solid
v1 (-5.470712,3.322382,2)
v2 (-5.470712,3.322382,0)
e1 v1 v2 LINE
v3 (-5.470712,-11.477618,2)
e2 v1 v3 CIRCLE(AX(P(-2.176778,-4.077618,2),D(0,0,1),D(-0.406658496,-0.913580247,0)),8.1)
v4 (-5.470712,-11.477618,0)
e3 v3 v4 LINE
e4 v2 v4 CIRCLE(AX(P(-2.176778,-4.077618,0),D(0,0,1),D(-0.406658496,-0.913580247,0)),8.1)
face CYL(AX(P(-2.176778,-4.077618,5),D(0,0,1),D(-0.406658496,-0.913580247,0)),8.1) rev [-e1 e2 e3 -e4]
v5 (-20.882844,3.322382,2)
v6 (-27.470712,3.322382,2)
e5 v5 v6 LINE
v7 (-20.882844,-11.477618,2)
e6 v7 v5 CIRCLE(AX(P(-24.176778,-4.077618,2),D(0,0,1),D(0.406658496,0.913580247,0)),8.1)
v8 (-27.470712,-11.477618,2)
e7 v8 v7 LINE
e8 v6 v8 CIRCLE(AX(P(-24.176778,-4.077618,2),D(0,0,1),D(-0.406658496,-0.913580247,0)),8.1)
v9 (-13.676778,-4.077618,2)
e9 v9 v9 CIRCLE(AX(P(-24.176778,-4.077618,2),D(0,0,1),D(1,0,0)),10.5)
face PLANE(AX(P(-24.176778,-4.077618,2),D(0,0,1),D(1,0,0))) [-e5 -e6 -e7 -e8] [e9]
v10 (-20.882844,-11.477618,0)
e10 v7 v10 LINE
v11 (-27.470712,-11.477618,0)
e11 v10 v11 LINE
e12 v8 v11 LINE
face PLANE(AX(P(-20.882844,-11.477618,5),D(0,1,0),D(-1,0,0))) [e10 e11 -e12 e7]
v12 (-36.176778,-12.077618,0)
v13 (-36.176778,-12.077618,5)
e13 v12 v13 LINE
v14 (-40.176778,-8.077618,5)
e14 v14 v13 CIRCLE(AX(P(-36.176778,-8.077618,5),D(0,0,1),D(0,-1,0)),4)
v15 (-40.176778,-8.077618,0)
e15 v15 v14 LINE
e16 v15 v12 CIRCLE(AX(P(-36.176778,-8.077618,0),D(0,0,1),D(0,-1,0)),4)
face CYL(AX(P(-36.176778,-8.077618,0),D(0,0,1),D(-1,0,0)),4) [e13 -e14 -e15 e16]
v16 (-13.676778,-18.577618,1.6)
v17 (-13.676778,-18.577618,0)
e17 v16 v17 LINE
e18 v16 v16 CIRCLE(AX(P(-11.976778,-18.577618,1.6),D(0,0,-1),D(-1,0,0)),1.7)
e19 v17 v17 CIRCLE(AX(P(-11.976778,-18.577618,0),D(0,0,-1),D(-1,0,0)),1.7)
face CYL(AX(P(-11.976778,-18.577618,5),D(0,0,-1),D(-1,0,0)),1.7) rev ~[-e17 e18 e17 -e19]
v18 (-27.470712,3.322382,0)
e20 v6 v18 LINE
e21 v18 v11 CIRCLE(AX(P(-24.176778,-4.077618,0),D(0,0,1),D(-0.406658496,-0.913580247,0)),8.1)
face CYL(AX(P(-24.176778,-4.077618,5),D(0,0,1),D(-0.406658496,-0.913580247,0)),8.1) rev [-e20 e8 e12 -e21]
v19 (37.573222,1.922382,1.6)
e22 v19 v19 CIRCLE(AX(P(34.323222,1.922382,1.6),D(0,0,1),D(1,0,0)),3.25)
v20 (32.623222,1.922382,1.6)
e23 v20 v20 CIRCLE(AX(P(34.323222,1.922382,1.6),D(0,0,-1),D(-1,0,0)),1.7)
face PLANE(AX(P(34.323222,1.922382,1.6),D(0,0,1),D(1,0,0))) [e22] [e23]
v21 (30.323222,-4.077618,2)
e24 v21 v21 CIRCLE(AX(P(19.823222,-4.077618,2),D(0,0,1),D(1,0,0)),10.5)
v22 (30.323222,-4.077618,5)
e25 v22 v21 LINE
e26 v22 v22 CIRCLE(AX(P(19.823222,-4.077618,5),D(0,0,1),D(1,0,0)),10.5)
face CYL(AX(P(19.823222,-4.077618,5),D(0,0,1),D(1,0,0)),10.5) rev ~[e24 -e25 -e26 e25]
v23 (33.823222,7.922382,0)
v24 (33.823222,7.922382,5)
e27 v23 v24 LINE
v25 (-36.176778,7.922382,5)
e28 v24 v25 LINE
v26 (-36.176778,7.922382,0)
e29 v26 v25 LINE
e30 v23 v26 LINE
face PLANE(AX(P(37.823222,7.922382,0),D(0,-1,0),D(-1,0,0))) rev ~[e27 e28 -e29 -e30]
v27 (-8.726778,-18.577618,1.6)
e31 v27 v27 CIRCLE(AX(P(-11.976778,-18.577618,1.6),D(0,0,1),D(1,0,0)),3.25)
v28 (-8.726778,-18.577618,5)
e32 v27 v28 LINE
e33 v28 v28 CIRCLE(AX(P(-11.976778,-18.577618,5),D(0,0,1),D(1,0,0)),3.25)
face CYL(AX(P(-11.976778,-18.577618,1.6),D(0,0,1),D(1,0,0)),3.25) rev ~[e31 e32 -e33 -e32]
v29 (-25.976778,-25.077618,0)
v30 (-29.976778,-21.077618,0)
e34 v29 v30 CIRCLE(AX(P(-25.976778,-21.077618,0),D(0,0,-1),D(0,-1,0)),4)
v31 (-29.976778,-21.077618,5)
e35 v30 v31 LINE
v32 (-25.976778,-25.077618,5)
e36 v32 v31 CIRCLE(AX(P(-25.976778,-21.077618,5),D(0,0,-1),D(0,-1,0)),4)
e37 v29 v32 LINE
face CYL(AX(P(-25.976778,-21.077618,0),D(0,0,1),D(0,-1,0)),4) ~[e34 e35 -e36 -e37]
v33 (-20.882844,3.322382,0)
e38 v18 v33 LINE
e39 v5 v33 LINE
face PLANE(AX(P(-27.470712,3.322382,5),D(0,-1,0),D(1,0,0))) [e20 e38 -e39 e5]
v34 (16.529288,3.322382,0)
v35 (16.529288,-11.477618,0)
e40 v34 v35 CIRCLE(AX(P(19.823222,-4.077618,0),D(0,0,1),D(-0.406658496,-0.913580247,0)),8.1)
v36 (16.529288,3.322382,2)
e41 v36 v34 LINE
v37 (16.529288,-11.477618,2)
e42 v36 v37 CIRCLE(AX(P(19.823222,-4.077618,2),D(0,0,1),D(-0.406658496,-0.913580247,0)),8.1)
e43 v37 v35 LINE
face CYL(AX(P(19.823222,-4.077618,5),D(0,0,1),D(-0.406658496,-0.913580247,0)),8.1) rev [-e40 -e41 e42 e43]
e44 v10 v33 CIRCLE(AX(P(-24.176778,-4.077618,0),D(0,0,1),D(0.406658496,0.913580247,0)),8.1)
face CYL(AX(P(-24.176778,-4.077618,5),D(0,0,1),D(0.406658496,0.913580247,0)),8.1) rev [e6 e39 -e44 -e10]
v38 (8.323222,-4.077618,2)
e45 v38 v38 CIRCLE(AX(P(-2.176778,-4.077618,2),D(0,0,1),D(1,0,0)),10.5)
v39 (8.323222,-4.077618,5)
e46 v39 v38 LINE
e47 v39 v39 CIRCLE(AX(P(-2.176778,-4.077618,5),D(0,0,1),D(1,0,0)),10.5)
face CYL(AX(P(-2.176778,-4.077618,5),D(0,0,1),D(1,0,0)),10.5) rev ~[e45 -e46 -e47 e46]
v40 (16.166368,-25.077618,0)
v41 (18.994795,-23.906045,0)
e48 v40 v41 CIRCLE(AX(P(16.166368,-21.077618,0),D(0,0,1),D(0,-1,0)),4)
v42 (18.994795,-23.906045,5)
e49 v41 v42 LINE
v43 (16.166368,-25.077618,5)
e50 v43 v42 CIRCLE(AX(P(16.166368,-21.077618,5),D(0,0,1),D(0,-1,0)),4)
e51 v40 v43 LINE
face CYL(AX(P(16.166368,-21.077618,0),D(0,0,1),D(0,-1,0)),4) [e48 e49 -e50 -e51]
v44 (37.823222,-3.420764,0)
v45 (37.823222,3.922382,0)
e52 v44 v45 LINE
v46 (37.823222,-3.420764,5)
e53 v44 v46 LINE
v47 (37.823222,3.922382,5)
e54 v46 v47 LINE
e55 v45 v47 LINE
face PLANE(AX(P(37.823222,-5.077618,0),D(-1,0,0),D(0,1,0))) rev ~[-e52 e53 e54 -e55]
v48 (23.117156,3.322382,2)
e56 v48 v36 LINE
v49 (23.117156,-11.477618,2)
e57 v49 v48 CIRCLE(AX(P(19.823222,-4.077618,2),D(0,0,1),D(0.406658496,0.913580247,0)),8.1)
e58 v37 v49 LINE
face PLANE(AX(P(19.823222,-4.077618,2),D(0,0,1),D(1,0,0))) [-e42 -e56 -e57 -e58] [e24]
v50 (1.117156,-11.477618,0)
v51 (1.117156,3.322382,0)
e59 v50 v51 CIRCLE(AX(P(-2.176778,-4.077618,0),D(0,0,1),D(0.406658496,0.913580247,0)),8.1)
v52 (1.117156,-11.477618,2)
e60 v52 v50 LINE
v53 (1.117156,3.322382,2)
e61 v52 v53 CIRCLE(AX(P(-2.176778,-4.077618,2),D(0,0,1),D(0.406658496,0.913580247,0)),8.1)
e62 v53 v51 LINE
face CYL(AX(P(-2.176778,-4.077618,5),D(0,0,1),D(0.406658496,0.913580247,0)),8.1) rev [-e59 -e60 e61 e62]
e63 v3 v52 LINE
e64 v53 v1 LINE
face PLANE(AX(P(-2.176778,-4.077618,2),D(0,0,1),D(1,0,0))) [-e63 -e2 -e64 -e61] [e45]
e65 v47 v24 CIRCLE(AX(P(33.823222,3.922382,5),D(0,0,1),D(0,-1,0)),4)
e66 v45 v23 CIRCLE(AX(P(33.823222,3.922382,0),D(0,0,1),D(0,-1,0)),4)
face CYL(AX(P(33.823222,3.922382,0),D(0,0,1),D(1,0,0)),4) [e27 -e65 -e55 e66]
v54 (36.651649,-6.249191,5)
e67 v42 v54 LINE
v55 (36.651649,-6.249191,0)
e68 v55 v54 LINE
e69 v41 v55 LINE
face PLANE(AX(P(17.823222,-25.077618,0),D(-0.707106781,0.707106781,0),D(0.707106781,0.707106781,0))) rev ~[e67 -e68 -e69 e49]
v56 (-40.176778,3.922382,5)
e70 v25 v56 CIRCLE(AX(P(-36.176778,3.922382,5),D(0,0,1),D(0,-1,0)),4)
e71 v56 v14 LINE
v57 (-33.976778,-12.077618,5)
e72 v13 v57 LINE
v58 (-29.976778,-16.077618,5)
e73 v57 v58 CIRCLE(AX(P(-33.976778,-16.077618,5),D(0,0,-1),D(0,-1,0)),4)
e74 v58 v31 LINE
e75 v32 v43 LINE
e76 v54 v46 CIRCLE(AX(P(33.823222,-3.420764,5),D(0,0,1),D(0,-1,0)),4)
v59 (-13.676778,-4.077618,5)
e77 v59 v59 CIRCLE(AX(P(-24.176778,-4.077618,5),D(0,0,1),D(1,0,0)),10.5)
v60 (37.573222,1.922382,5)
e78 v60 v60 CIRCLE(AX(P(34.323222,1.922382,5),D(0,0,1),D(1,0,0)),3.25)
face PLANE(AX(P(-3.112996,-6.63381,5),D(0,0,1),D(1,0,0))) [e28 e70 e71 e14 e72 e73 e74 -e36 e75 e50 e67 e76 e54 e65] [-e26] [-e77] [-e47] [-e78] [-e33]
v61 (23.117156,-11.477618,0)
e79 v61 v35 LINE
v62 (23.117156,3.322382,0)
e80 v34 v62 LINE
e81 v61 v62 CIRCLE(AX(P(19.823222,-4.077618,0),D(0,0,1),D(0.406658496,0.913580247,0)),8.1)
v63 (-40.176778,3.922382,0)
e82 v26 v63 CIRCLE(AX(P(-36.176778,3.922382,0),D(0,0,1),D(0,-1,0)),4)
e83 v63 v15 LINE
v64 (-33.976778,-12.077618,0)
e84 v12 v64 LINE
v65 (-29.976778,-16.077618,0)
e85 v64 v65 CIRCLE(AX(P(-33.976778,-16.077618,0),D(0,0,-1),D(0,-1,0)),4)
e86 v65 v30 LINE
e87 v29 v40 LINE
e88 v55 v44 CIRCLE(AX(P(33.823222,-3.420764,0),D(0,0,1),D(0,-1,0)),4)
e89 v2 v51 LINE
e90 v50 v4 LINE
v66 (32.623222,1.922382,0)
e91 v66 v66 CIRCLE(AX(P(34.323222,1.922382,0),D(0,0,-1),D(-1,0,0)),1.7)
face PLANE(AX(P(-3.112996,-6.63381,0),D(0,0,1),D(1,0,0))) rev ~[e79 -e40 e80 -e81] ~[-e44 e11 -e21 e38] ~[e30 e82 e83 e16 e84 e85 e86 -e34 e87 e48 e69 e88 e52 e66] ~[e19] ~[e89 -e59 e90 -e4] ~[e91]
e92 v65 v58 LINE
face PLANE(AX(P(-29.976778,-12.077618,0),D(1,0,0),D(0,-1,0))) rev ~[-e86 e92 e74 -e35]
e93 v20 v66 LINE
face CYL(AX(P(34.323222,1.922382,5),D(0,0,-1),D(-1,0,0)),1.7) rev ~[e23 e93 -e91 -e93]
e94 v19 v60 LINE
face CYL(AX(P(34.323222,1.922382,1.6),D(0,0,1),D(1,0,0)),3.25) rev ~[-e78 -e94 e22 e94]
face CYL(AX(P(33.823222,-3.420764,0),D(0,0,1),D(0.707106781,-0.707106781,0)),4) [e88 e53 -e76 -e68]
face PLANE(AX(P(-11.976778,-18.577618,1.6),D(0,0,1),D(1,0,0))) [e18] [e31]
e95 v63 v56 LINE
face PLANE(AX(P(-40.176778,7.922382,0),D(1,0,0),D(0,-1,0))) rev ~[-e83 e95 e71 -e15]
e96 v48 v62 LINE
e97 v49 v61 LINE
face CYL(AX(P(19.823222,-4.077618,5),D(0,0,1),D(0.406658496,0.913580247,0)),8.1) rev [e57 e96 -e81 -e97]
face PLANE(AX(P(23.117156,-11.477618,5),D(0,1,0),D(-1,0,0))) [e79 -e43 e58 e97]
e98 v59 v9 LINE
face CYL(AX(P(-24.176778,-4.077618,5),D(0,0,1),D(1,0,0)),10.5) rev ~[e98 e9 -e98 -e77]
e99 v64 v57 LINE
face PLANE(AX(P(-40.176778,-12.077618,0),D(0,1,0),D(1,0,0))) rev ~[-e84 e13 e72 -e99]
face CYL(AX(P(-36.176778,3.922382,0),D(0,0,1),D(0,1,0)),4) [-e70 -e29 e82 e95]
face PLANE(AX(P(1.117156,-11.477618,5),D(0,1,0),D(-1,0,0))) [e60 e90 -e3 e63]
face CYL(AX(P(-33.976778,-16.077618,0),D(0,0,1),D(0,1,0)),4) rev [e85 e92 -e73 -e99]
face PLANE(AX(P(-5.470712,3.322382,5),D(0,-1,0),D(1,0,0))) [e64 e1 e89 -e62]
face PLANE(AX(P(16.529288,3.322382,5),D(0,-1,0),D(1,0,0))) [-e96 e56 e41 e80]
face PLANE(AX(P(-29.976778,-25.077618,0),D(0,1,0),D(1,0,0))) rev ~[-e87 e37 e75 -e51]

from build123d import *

# Parameters (mm, degrees)
BOSS_EXTRU_1_DEPTH                                 = 5
CONG_1_R                                           = 4
ENL_V_MAT_EXTRU_1_DEPTH                            = 10
ESQUISSE5_R                                        = 10.5
ENL_V_MAT_EXTRU_3_DEPTH                            = 3
CHAMBRAGE_POUR_VIS_T_TE_HEXAGONALE_M31_D           = 3.4
CHAMBRAGE_POUR_VIS_T_TE_HEXAGONALE_M31_CBORE_D     = 6.5
CHAMBRAGE_POUR_VIS_T_TE_HEXAGONALE_M31_CBORE_DEPTH = 3.4


with BuildPart() as part:
    # Esquisse1 → Boss.-Extru.1 (new body)
    with BuildSketch(Plane.XY):
        Polygon((-29.976777828, -25.077617952), (17.823222172, -25.077617952), (37.823222172, -5.077617952), (37.823222172, 7.922382048), (-30.176777828, 7.922382048), (-40.176777828, 7.922382048), (-40.176777828, -12.077617952), (-29.976777828, -12.077617952), align=None)
    extrude(amount=BOSS_EXTRU_1_DEPTH)

    # Congé1
    cong_1_edges = [part.edges().sort_by_distance(p)[0] for p in [
        (-29.976777828, -12.077617952, 2.5),
        (-40.176777828, -12.077617952, 2.5),
        (-40.176777828, 7.922382048, 2.5),
        (37.823222172, 7.922382048, 2.5),
        (37.823222172, -5.077617952, 2.5),
        (17.823222172, -25.077617952, 2.5),
        (-29.976777828, -25.077617952, 2.5),
    ]]
    fillet(cong_1_edges, radius=CONG_1_R)

    # Esquisse2 → Enlèv. mat.-Extru.1 (cut)
    with BuildSketch(Plane.XY.offset(5)):
        with BuildLine():
            Line((-5.470711646, 3.322382048), (1.117155991, 3.322382048))
            ThreePointArc((1.117155991, 3.322382048), (5.923222172, -4.077617952), (1.117155991, -11.477617952))
            Line((1.117155991, -11.477617952), (-5.470711646, -11.477617952))
            ThreePointArc((-5.470711646, -11.477617952), (-10.276777828, -4.077617952), (-5.470711646, 3.322382048))
        make_face()
        with BuildLine():
            Line((16.529288354, 3.322382048), (23.117155991, 3.322382048))
            ThreePointArc((23.117155991, 3.322382048), (27.923222172, -4.077617952), (23.117155991, -11.477617952))
            Line((23.117155991, -11.477617952), (16.529288354, -11.477617952))
            ThreePointArc((16.529288354, -11.477617952), (11.723222172, -4.077617952), (16.529288354, 3.322382048))
        make_face()
        with BuildLine():
            Line((-27.470711646, 3.322382048), (-20.882844009, 3.322382048))
            ThreePointArc((-20.882844009, 3.322382048), (-16.076777828, -4.077617952), (-20.882844009, -11.477617952))
            Line((-20.882844009, -11.477617952), (-27.470711646, -11.477617952))
            ThreePointArc((-27.470711646, -11.477617952), (-32.276777828, -4.077617952), (-27.470711646, 3.322382048))
        make_face()
    extrude(amount=-ENL_V_MAT_EXTRU_1_DEPTH, mode=Mode.SUBTRACT)

    # Esquisse5 → Enlèv. mat.-Extru.3 (cut)
    with BuildSketch(Plane.XY.offset(5)):
        with Locations((19.823222172, -4.077617952)):
            Circle(ESQUISSE5_R)
        with Locations((-2.176777828, -4.077617952)):
            Circle(ESQUISSE5_R)
        with Locations((-24.176777828, -4.077617952)):
            Circle(ESQUISSE5_R)
    extrude(amount=-ENL_V_MAT_EXTRU_3_DEPTH, mode=Mode.SUBTRACT)

    # Chambrage pour vis à tête hexagonale M31 (through all)
    with Locations(Plane.XY.offset(5)):
        with Locations((34.323222172, 1.922382048), (-11.976777828, -18.577617952)):
            CounterBoreHole(CHAMBRAGE_POUR_VIS_T_TE_HEXAGONALE_M31_D / 2, CHAMBRAGE_POUR_VIS_T_TE_HEXAGONALE_M31_CBORE_D / 2, CHAMBRAGE_POUR_VIS_T_TE_HEXAGONALE_M31_CBORE_DEPTH)


solid = part.part
